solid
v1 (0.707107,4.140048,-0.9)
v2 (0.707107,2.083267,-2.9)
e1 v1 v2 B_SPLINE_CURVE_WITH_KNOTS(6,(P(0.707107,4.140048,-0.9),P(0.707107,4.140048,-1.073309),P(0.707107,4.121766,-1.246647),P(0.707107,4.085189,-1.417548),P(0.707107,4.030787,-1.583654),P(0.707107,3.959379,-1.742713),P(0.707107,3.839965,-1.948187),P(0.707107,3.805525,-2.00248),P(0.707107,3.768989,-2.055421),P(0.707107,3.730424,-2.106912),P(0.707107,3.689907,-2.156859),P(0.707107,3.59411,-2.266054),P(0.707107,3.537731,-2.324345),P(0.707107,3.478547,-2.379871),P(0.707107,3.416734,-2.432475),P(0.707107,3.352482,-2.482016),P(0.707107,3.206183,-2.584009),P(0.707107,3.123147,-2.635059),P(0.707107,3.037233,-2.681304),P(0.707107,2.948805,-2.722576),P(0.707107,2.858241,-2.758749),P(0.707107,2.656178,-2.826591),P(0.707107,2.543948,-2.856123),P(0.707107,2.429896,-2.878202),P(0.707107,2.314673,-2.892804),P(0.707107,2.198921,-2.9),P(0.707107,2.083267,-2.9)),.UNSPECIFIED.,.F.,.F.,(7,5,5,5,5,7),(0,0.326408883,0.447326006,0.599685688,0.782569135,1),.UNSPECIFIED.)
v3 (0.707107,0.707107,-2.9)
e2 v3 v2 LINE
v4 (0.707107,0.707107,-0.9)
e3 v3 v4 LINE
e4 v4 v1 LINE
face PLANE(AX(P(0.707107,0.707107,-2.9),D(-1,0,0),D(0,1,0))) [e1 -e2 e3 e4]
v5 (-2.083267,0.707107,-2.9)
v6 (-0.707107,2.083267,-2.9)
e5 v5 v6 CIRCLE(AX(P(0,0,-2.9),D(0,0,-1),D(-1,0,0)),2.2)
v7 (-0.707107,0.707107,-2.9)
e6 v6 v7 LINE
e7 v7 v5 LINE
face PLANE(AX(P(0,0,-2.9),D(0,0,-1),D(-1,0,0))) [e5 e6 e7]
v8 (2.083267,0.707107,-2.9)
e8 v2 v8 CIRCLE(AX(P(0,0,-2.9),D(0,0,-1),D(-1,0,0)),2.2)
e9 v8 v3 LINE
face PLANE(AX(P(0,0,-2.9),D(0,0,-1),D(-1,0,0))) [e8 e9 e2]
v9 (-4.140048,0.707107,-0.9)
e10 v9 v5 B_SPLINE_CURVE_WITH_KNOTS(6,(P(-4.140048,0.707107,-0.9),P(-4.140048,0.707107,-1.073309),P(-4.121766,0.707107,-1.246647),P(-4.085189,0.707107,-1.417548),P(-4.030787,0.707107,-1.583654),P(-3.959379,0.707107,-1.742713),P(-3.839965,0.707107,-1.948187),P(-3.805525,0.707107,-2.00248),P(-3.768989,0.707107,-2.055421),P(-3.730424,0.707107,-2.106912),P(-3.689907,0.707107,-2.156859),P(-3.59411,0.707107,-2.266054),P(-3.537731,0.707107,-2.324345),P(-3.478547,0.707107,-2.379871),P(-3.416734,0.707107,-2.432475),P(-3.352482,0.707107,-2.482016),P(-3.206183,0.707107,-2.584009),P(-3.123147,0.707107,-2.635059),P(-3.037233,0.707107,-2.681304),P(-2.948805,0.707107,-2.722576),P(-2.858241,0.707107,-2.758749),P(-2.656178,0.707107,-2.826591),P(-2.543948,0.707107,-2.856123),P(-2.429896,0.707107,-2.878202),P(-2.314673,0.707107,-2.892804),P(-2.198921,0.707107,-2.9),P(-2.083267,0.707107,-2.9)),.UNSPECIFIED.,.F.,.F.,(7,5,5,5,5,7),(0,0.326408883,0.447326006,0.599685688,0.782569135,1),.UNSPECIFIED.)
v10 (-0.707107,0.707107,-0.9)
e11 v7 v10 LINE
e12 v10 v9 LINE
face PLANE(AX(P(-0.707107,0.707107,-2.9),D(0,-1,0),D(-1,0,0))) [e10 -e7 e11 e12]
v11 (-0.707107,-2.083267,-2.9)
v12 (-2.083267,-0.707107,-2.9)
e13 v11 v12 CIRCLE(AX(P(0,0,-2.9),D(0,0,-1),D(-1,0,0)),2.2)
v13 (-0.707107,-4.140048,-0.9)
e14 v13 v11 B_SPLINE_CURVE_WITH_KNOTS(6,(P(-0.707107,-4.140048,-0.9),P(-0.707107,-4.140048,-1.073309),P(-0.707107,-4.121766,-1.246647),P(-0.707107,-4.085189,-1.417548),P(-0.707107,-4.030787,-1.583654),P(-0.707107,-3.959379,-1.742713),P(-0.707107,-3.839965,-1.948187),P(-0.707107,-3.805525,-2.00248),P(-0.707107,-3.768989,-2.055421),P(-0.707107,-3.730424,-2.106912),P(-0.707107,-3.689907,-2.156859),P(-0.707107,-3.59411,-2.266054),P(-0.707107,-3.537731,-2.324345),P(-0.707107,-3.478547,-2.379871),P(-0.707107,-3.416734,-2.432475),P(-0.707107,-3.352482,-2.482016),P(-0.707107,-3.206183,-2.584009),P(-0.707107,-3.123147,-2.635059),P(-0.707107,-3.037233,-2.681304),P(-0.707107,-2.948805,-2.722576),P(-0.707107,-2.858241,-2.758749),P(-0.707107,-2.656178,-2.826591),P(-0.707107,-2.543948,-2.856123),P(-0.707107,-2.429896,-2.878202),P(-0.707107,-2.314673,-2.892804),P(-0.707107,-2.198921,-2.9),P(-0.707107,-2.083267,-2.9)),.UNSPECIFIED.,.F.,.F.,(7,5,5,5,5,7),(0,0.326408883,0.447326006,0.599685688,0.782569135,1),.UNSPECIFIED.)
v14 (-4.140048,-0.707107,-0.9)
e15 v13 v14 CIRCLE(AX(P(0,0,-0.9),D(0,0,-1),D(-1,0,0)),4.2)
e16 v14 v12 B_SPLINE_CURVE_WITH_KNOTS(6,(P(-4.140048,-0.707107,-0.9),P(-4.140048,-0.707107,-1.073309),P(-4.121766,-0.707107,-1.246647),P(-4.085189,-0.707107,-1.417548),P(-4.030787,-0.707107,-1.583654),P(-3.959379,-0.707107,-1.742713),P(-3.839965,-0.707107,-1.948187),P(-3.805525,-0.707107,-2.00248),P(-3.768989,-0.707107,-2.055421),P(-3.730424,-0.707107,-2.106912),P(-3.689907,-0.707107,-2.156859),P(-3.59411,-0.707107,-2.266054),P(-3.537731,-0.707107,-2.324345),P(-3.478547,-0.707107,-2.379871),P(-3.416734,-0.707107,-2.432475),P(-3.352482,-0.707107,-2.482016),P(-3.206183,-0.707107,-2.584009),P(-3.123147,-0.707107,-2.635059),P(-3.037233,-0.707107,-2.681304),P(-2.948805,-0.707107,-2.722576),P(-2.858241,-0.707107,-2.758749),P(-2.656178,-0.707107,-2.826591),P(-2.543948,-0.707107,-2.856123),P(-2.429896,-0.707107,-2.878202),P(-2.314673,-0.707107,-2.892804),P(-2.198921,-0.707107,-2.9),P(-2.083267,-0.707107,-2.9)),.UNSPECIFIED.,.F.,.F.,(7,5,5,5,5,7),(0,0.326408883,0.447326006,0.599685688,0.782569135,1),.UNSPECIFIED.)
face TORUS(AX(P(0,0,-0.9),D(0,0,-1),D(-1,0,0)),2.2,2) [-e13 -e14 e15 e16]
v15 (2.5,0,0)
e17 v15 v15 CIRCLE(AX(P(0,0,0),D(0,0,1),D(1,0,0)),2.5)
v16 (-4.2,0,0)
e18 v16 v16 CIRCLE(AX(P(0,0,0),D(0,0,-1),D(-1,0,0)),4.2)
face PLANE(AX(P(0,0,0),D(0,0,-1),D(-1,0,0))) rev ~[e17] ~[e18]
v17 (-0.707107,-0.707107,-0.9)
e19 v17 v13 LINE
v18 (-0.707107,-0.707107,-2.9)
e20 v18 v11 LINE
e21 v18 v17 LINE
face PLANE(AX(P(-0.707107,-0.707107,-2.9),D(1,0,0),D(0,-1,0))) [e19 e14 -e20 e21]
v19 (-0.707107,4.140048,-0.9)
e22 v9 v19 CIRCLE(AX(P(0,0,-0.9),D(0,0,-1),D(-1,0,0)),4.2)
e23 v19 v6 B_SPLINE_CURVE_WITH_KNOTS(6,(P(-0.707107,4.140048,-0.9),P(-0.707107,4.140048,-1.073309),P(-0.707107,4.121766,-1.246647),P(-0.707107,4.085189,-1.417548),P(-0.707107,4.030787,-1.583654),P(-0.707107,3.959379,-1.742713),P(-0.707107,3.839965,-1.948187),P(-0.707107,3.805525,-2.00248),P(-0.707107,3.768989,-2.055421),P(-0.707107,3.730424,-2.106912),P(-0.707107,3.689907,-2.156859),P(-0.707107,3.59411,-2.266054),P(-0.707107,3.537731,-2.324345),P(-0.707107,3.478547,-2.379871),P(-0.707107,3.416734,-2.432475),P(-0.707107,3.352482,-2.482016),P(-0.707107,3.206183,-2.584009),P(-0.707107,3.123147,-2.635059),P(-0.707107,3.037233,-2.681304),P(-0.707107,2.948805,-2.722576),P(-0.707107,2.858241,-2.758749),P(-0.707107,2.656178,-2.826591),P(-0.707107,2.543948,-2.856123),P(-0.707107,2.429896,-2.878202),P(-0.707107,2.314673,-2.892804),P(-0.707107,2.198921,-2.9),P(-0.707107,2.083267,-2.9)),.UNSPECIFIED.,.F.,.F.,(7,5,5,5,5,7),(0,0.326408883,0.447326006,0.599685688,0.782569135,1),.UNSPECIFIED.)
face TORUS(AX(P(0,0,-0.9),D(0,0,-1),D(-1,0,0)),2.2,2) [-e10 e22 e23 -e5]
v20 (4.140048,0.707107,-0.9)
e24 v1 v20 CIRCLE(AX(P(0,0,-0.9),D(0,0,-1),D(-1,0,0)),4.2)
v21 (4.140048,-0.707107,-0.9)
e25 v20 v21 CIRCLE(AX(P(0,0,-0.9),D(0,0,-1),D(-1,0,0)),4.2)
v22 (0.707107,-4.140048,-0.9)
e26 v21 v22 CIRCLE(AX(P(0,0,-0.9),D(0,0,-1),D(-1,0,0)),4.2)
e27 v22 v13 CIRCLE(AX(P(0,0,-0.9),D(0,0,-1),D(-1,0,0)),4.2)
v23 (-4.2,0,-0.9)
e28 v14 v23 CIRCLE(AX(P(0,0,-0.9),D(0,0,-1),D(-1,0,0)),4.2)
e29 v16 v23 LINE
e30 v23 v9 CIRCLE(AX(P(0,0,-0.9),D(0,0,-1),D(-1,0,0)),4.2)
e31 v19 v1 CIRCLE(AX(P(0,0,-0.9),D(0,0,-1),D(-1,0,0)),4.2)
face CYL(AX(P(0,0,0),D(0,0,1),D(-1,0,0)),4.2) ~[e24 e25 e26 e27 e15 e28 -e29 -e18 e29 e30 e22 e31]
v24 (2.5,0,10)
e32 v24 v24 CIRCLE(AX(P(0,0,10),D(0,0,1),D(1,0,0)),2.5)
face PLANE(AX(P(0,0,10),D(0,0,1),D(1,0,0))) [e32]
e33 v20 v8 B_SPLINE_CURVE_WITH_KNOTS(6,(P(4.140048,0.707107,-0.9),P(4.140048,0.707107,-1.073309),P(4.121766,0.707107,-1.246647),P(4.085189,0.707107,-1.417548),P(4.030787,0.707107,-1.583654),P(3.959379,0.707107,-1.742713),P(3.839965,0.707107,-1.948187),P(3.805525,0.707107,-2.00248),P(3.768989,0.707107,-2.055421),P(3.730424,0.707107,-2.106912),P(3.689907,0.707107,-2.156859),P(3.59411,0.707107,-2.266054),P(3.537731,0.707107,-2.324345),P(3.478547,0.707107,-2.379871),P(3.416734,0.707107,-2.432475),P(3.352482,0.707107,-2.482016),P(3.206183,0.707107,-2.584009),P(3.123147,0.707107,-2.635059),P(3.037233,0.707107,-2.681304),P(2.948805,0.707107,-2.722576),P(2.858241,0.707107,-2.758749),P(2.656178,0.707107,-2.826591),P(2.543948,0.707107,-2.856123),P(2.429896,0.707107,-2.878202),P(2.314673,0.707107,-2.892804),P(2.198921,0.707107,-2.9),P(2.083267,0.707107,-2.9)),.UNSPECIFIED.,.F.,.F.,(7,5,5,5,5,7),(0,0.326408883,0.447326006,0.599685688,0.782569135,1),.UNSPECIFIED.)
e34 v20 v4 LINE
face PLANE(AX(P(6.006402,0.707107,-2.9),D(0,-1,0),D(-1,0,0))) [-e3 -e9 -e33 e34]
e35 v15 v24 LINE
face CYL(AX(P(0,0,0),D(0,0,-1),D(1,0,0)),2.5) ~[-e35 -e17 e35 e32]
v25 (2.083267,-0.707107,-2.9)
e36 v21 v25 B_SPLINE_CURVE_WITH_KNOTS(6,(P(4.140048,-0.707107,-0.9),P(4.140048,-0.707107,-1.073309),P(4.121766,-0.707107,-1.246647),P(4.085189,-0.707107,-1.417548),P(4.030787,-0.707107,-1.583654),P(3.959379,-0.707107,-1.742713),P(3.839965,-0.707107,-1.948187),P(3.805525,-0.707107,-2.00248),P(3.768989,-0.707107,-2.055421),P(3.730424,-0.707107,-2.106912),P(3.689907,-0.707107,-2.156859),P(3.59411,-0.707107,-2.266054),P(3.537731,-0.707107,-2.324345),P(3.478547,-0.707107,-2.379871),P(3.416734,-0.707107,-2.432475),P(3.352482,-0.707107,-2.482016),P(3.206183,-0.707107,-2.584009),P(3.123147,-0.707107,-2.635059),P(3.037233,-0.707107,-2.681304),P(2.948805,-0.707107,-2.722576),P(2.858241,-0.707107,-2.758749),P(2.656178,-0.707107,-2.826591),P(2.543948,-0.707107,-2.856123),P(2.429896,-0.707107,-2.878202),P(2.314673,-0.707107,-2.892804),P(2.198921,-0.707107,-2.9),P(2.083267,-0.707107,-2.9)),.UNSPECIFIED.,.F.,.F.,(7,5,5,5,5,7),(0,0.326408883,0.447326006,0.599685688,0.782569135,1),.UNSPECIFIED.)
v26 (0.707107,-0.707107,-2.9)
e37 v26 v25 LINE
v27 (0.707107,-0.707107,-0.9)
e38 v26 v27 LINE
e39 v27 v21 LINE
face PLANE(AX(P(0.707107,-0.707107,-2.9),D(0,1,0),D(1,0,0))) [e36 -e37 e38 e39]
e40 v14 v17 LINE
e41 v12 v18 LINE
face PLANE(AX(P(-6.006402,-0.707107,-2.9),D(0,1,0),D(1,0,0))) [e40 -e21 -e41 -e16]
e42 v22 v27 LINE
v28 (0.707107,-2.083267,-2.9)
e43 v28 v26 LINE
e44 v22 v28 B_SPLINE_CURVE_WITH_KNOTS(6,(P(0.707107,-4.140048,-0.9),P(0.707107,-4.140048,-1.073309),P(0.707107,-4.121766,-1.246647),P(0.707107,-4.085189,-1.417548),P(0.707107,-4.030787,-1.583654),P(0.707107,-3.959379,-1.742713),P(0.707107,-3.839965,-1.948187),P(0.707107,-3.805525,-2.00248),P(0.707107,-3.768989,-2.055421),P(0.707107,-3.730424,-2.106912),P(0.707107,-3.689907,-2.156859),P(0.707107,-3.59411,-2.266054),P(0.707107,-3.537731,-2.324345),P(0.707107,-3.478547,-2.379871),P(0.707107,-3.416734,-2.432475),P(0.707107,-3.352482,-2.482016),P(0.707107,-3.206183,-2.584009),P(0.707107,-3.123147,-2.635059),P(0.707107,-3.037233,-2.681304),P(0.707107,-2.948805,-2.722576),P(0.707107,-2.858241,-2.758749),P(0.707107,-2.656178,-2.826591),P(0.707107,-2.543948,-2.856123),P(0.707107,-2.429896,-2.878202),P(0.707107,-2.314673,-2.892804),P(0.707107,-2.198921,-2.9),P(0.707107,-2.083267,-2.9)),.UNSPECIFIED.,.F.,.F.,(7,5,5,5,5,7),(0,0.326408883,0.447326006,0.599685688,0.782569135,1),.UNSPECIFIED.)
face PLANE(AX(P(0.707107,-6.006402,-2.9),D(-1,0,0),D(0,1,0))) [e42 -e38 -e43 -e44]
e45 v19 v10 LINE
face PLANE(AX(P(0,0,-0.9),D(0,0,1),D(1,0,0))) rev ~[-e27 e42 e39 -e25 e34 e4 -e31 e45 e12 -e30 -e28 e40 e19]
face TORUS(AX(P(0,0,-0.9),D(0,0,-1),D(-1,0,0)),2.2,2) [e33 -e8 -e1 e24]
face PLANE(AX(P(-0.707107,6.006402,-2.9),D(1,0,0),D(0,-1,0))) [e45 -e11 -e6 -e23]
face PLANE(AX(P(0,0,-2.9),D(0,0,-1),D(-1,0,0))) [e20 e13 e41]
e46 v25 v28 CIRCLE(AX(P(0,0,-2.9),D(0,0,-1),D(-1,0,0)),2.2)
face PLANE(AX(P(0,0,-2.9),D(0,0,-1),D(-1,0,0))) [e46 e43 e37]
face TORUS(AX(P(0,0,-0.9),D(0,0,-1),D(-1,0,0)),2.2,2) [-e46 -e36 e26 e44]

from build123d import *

# Parameters (mm, degrees)
SKETCH_1_R          = 2.5
EXTRUDE_1_DEPTH     = 10
SKETCH_2_R          = 4.2
EXTRUDE_2_DEPTH     = 2.9
FILLET_1_R          = 2
CUT_EXTRUDE_1_DEPTH = 2


with BuildPart() as part:
    # 草图1 → 凸台-拉伸1 (new body)
    with BuildSketch(Plane.XY):
        Circle(SKETCH_1_R)
    extrude(amount=EXTRUDE_1_DEPTH)

    # 草图2 → 凸台-拉伸2 (add)
    with BuildSketch(Plane(origin=(0, 0, 0), x_dir=(-1, 0, 0), z_dir=(0, 0, -1))):
        Circle(SKETCH_2_R)
    extrude(amount=EXTRUDE_2_DEPTH)

    # 圆角1
    fillet_1_edges = [part.edges().sort_by_distance(p)[0] for p in [
        (4.2, 0, -2.9),
    ]]
    fillet(fillet_1_edges, radius=FILLET_1_R)

    # 草图3 → 切除-拉伸1 (cut)
    with BuildSketch(Plane(origin=(0, 0, -2.9), x_dir=(-1, 0, 0), z_dir=(0, 0, -1))):
        Polygon((-0.707106781, 0.707106781), (-0.707106781, 6.006401657), (0.707106781, 6.006401657), (0.707106781, 0.707106781), (6.006401657, 0.707106781), (6.006401657, -0.707106781), (0.707106781, -0.707106781), (0.707106781, -6.006401657), (-0.707106781, -6.006401657), (-0.707106781, -0.707106781), (-6.006401657, -0.707106781), (-6.006401657, 0.707106781), align=None)
    extrude(amount=-CUT_EXTRUDE_1_DEPTH, mode=Mode.SUBTRACT)


solid = part.part
